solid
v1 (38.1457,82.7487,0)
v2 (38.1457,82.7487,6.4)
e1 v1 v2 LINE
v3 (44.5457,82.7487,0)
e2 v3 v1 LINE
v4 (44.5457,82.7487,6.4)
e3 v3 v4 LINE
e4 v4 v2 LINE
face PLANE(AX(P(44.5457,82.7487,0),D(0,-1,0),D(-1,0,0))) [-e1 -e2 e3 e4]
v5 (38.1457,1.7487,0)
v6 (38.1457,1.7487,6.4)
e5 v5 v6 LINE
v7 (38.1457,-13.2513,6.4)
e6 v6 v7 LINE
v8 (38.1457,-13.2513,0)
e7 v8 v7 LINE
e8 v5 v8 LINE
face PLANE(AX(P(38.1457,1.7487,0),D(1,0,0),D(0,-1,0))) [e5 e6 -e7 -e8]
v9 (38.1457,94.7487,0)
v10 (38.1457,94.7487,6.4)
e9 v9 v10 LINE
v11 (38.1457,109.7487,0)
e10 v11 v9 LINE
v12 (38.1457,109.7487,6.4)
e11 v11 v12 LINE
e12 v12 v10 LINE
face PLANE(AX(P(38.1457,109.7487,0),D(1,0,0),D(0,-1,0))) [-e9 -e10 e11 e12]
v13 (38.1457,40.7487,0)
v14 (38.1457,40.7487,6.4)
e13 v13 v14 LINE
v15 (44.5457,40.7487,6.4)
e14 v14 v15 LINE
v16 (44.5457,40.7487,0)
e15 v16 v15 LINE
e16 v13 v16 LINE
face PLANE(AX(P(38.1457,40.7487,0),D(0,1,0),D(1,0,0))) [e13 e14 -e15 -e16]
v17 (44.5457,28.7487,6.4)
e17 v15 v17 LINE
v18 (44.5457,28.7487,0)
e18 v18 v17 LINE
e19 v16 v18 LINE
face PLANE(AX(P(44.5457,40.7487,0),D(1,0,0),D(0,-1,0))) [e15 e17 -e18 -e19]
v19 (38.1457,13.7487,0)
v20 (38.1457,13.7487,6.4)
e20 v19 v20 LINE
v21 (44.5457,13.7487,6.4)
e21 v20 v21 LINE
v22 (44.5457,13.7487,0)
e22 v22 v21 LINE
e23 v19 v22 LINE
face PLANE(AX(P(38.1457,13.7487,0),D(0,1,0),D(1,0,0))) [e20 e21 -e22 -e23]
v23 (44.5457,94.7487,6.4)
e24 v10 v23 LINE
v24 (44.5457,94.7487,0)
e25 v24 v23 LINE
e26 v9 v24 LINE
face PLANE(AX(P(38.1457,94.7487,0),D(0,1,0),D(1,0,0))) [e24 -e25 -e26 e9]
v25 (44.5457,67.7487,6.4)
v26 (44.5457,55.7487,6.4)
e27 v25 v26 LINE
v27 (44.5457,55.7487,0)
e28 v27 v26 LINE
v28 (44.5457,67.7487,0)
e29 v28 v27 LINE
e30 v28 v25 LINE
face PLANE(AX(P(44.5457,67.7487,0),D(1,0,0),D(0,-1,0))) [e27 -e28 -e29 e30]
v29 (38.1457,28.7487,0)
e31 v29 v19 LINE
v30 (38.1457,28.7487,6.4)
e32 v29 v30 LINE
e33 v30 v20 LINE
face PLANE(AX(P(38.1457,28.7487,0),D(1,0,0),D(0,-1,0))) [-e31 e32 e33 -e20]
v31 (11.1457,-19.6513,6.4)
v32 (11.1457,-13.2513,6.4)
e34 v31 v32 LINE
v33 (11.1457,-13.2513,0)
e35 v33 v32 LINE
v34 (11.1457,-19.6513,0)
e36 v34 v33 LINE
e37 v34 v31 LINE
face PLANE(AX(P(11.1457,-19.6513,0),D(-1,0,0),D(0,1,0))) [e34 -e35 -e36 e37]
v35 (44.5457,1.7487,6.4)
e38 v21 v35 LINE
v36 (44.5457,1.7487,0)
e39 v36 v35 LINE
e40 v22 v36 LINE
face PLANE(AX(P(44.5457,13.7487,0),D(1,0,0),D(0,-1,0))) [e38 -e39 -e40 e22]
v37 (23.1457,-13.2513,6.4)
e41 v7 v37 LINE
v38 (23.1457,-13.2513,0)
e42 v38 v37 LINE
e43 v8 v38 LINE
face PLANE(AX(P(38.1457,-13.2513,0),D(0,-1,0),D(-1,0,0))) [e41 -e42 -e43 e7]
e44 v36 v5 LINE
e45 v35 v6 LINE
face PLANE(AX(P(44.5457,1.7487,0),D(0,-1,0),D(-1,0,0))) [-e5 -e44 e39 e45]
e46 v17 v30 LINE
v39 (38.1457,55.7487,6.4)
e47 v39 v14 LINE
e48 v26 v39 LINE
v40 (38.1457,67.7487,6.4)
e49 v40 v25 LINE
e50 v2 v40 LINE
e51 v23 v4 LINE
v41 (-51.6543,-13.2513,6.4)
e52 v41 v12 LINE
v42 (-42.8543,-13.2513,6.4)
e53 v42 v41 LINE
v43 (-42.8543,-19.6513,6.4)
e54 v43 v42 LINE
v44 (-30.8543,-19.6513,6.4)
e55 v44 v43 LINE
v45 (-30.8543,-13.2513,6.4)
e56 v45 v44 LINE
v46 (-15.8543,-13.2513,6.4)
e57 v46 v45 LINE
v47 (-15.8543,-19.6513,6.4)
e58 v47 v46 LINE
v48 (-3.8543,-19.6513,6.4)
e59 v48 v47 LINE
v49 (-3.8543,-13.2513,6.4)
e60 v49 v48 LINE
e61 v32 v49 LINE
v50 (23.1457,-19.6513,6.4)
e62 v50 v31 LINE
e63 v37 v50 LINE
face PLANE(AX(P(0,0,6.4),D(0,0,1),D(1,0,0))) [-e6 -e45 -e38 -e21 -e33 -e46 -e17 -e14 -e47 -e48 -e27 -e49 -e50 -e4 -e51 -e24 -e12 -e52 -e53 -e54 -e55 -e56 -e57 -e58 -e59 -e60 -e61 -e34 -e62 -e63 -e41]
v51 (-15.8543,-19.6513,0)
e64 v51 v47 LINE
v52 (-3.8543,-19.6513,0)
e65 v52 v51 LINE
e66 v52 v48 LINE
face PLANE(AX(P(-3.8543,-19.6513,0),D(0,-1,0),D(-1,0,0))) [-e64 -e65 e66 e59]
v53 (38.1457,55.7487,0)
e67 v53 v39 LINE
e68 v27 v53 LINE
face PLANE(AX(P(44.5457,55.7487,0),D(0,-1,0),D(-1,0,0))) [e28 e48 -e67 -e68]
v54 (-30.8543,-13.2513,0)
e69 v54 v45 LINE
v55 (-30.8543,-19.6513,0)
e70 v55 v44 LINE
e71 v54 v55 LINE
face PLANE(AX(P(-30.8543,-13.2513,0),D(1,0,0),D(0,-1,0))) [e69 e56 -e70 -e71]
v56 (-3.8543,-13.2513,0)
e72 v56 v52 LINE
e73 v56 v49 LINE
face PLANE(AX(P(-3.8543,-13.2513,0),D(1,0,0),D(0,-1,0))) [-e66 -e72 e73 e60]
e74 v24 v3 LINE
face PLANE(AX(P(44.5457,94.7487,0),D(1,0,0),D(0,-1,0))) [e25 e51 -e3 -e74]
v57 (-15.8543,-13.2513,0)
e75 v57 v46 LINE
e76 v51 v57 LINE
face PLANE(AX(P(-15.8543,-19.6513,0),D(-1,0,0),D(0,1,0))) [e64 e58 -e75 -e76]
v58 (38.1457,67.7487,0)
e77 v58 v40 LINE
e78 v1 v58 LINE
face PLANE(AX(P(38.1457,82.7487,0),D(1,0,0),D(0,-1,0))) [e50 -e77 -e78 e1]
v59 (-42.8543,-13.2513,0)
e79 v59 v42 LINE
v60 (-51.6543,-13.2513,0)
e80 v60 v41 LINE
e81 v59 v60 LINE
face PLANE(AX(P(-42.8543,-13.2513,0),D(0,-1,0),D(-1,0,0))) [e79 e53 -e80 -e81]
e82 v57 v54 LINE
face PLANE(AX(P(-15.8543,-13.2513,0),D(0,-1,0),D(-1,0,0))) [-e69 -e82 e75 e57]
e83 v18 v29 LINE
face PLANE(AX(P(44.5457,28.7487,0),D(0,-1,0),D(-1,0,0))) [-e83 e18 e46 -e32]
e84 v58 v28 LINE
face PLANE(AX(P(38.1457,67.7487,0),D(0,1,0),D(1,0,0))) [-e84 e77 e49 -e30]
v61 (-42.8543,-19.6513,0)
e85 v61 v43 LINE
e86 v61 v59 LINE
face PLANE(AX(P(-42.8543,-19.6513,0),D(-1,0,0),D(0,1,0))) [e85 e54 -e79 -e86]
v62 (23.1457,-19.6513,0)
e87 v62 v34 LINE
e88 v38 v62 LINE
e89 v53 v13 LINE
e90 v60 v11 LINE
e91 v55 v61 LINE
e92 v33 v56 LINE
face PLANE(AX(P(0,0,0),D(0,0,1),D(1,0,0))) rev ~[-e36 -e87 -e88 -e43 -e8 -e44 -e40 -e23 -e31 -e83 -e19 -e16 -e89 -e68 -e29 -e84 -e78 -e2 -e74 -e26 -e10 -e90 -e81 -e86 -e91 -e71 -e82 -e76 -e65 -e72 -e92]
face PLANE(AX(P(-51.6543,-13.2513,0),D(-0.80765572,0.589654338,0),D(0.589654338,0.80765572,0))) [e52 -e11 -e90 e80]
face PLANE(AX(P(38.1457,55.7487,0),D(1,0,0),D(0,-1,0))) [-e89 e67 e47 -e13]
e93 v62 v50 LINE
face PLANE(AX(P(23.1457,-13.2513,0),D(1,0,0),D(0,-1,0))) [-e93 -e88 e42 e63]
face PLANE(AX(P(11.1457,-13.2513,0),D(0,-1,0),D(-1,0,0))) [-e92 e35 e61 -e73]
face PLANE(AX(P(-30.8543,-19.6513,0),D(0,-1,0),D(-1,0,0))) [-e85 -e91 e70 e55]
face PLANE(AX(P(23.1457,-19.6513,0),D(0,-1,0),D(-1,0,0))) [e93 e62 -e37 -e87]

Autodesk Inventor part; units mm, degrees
ref_plane "YZ Plane" through (0, 0, 0) normal (1, 0, 0) x (0, 1, 0)
ref_plane "XZ Plane" through (0, 0, 0) normal (0, 1, 0) x (-1, 0, 0)
ref_plane "XY Plane" through (0, 0, 0) normal (0, 0, 1) x (1, 0, 0)
sketch "Sketch1" plane through (0, 0, 0) normal (0, 0, 1) x (1, 0, 0)
  line L0 (-51.6543, 109.7487) -> (38.1457, 109.7487) construction
  line L1 (38.1457, -13.2513) -> (-51.6543, -13.2513) construction
  line L2 (-51.6543, -13.2513) -> (-51.6543, 109.7487) construction
  line L3 (38.1457, 94.7487) -> (44.5457, 94.7487)
  line L4 (44.5457, 94.7487) -> (44.5457, 82.7487)
  line L5 (44.5457, 82.7487) -> (38.1457, 82.7487)
  line L6 (38.1457, 82.7487) -> (38.1457, 94.7487)
  line L7 (44.5457, 67.7487) -> (44.5457, 55.7487)
  line L8 (44.5457, 55.7487) -> (38.1457, 55.7487)
  line L9 (38.1457, 55.7487) -> (38.1457, 67.7487)
  line L10 (38.1457, 67.7487) -> (44.5457, 67.7487)
  line L11 (44.5457, 40.7487) -> (44.5457, 28.7487)
  line L12 (44.5457, 28.7487) -> (38.1457, 28.7487)
  line L13 (38.1457, 28.7487) -> (38.1457, 40.7487)
  line L14 (38.1457, 40.7487) -> (44.5457, 40.7487)
  line L15 (44.5457, 13.7487) -> (44.5457, 1.7487)
  line L16 (44.5457, 1.7487) -> (38.1457, 1.7487)
  line L17 (38.1457, 1.7487) -> (38.1457, 13.7487)
  line L18 (38.1457, 13.7487) -> (44.5457, 13.7487)
  line L19 (38.1457, 109.7487) -> (38.1457, -13.2513)
  line L20 (38.1457, -13.2513) -> (-51.6543, -13.2513)
  line L21 (11.1457, -13.2513) -> (23.1457, -13.2513)
  line L22 (23.1457, -13.2513) -> (23.1457, -19.6513)
  line L23 (23.1457, -19.6513) -> (11.1457, -19.6513)
  line L24 (11.1457, -19.6513) -> (11.1457, -13.2513)
  line L25 (-15.8543, -19.6513) -> (-15.8543, -13.2513)
  line L26 (-3.8543, -19.6513) -> (-15.8543, -19.6513)
  line L27 (-3.8543, -13.2513) -> (-3.8543, -19.6513)
  line L28 (-42.8543, -19.6513) -> (-42.8543, -13.2513)
  line L29 (-30.8543, -19.6513) -> (-42.8543, -19.6513)
  line L30 (-30.8543, -13.2513) -> (-30.8543, -19.6513)
  line L31 (-51.6543, -13.2513) -> (38.1457, 109.7487)
  point P0 (0, 0)
  dimension "d0" = 89.8
  dimension "d1" = 123
  dimension "d2" = 12
  dimension "d3" = 6.4
  dimension "d4" = 15
  dimension "d7" = 27
  dimension "d12" = 12
  dimension "d13" = 6.4
  dimension "d14" = 15
  dimension "d17" = 27
extrude "Extrusion1" add sketch "Sketch1" along normal blind 6.4
properties part number "mdf_support"
